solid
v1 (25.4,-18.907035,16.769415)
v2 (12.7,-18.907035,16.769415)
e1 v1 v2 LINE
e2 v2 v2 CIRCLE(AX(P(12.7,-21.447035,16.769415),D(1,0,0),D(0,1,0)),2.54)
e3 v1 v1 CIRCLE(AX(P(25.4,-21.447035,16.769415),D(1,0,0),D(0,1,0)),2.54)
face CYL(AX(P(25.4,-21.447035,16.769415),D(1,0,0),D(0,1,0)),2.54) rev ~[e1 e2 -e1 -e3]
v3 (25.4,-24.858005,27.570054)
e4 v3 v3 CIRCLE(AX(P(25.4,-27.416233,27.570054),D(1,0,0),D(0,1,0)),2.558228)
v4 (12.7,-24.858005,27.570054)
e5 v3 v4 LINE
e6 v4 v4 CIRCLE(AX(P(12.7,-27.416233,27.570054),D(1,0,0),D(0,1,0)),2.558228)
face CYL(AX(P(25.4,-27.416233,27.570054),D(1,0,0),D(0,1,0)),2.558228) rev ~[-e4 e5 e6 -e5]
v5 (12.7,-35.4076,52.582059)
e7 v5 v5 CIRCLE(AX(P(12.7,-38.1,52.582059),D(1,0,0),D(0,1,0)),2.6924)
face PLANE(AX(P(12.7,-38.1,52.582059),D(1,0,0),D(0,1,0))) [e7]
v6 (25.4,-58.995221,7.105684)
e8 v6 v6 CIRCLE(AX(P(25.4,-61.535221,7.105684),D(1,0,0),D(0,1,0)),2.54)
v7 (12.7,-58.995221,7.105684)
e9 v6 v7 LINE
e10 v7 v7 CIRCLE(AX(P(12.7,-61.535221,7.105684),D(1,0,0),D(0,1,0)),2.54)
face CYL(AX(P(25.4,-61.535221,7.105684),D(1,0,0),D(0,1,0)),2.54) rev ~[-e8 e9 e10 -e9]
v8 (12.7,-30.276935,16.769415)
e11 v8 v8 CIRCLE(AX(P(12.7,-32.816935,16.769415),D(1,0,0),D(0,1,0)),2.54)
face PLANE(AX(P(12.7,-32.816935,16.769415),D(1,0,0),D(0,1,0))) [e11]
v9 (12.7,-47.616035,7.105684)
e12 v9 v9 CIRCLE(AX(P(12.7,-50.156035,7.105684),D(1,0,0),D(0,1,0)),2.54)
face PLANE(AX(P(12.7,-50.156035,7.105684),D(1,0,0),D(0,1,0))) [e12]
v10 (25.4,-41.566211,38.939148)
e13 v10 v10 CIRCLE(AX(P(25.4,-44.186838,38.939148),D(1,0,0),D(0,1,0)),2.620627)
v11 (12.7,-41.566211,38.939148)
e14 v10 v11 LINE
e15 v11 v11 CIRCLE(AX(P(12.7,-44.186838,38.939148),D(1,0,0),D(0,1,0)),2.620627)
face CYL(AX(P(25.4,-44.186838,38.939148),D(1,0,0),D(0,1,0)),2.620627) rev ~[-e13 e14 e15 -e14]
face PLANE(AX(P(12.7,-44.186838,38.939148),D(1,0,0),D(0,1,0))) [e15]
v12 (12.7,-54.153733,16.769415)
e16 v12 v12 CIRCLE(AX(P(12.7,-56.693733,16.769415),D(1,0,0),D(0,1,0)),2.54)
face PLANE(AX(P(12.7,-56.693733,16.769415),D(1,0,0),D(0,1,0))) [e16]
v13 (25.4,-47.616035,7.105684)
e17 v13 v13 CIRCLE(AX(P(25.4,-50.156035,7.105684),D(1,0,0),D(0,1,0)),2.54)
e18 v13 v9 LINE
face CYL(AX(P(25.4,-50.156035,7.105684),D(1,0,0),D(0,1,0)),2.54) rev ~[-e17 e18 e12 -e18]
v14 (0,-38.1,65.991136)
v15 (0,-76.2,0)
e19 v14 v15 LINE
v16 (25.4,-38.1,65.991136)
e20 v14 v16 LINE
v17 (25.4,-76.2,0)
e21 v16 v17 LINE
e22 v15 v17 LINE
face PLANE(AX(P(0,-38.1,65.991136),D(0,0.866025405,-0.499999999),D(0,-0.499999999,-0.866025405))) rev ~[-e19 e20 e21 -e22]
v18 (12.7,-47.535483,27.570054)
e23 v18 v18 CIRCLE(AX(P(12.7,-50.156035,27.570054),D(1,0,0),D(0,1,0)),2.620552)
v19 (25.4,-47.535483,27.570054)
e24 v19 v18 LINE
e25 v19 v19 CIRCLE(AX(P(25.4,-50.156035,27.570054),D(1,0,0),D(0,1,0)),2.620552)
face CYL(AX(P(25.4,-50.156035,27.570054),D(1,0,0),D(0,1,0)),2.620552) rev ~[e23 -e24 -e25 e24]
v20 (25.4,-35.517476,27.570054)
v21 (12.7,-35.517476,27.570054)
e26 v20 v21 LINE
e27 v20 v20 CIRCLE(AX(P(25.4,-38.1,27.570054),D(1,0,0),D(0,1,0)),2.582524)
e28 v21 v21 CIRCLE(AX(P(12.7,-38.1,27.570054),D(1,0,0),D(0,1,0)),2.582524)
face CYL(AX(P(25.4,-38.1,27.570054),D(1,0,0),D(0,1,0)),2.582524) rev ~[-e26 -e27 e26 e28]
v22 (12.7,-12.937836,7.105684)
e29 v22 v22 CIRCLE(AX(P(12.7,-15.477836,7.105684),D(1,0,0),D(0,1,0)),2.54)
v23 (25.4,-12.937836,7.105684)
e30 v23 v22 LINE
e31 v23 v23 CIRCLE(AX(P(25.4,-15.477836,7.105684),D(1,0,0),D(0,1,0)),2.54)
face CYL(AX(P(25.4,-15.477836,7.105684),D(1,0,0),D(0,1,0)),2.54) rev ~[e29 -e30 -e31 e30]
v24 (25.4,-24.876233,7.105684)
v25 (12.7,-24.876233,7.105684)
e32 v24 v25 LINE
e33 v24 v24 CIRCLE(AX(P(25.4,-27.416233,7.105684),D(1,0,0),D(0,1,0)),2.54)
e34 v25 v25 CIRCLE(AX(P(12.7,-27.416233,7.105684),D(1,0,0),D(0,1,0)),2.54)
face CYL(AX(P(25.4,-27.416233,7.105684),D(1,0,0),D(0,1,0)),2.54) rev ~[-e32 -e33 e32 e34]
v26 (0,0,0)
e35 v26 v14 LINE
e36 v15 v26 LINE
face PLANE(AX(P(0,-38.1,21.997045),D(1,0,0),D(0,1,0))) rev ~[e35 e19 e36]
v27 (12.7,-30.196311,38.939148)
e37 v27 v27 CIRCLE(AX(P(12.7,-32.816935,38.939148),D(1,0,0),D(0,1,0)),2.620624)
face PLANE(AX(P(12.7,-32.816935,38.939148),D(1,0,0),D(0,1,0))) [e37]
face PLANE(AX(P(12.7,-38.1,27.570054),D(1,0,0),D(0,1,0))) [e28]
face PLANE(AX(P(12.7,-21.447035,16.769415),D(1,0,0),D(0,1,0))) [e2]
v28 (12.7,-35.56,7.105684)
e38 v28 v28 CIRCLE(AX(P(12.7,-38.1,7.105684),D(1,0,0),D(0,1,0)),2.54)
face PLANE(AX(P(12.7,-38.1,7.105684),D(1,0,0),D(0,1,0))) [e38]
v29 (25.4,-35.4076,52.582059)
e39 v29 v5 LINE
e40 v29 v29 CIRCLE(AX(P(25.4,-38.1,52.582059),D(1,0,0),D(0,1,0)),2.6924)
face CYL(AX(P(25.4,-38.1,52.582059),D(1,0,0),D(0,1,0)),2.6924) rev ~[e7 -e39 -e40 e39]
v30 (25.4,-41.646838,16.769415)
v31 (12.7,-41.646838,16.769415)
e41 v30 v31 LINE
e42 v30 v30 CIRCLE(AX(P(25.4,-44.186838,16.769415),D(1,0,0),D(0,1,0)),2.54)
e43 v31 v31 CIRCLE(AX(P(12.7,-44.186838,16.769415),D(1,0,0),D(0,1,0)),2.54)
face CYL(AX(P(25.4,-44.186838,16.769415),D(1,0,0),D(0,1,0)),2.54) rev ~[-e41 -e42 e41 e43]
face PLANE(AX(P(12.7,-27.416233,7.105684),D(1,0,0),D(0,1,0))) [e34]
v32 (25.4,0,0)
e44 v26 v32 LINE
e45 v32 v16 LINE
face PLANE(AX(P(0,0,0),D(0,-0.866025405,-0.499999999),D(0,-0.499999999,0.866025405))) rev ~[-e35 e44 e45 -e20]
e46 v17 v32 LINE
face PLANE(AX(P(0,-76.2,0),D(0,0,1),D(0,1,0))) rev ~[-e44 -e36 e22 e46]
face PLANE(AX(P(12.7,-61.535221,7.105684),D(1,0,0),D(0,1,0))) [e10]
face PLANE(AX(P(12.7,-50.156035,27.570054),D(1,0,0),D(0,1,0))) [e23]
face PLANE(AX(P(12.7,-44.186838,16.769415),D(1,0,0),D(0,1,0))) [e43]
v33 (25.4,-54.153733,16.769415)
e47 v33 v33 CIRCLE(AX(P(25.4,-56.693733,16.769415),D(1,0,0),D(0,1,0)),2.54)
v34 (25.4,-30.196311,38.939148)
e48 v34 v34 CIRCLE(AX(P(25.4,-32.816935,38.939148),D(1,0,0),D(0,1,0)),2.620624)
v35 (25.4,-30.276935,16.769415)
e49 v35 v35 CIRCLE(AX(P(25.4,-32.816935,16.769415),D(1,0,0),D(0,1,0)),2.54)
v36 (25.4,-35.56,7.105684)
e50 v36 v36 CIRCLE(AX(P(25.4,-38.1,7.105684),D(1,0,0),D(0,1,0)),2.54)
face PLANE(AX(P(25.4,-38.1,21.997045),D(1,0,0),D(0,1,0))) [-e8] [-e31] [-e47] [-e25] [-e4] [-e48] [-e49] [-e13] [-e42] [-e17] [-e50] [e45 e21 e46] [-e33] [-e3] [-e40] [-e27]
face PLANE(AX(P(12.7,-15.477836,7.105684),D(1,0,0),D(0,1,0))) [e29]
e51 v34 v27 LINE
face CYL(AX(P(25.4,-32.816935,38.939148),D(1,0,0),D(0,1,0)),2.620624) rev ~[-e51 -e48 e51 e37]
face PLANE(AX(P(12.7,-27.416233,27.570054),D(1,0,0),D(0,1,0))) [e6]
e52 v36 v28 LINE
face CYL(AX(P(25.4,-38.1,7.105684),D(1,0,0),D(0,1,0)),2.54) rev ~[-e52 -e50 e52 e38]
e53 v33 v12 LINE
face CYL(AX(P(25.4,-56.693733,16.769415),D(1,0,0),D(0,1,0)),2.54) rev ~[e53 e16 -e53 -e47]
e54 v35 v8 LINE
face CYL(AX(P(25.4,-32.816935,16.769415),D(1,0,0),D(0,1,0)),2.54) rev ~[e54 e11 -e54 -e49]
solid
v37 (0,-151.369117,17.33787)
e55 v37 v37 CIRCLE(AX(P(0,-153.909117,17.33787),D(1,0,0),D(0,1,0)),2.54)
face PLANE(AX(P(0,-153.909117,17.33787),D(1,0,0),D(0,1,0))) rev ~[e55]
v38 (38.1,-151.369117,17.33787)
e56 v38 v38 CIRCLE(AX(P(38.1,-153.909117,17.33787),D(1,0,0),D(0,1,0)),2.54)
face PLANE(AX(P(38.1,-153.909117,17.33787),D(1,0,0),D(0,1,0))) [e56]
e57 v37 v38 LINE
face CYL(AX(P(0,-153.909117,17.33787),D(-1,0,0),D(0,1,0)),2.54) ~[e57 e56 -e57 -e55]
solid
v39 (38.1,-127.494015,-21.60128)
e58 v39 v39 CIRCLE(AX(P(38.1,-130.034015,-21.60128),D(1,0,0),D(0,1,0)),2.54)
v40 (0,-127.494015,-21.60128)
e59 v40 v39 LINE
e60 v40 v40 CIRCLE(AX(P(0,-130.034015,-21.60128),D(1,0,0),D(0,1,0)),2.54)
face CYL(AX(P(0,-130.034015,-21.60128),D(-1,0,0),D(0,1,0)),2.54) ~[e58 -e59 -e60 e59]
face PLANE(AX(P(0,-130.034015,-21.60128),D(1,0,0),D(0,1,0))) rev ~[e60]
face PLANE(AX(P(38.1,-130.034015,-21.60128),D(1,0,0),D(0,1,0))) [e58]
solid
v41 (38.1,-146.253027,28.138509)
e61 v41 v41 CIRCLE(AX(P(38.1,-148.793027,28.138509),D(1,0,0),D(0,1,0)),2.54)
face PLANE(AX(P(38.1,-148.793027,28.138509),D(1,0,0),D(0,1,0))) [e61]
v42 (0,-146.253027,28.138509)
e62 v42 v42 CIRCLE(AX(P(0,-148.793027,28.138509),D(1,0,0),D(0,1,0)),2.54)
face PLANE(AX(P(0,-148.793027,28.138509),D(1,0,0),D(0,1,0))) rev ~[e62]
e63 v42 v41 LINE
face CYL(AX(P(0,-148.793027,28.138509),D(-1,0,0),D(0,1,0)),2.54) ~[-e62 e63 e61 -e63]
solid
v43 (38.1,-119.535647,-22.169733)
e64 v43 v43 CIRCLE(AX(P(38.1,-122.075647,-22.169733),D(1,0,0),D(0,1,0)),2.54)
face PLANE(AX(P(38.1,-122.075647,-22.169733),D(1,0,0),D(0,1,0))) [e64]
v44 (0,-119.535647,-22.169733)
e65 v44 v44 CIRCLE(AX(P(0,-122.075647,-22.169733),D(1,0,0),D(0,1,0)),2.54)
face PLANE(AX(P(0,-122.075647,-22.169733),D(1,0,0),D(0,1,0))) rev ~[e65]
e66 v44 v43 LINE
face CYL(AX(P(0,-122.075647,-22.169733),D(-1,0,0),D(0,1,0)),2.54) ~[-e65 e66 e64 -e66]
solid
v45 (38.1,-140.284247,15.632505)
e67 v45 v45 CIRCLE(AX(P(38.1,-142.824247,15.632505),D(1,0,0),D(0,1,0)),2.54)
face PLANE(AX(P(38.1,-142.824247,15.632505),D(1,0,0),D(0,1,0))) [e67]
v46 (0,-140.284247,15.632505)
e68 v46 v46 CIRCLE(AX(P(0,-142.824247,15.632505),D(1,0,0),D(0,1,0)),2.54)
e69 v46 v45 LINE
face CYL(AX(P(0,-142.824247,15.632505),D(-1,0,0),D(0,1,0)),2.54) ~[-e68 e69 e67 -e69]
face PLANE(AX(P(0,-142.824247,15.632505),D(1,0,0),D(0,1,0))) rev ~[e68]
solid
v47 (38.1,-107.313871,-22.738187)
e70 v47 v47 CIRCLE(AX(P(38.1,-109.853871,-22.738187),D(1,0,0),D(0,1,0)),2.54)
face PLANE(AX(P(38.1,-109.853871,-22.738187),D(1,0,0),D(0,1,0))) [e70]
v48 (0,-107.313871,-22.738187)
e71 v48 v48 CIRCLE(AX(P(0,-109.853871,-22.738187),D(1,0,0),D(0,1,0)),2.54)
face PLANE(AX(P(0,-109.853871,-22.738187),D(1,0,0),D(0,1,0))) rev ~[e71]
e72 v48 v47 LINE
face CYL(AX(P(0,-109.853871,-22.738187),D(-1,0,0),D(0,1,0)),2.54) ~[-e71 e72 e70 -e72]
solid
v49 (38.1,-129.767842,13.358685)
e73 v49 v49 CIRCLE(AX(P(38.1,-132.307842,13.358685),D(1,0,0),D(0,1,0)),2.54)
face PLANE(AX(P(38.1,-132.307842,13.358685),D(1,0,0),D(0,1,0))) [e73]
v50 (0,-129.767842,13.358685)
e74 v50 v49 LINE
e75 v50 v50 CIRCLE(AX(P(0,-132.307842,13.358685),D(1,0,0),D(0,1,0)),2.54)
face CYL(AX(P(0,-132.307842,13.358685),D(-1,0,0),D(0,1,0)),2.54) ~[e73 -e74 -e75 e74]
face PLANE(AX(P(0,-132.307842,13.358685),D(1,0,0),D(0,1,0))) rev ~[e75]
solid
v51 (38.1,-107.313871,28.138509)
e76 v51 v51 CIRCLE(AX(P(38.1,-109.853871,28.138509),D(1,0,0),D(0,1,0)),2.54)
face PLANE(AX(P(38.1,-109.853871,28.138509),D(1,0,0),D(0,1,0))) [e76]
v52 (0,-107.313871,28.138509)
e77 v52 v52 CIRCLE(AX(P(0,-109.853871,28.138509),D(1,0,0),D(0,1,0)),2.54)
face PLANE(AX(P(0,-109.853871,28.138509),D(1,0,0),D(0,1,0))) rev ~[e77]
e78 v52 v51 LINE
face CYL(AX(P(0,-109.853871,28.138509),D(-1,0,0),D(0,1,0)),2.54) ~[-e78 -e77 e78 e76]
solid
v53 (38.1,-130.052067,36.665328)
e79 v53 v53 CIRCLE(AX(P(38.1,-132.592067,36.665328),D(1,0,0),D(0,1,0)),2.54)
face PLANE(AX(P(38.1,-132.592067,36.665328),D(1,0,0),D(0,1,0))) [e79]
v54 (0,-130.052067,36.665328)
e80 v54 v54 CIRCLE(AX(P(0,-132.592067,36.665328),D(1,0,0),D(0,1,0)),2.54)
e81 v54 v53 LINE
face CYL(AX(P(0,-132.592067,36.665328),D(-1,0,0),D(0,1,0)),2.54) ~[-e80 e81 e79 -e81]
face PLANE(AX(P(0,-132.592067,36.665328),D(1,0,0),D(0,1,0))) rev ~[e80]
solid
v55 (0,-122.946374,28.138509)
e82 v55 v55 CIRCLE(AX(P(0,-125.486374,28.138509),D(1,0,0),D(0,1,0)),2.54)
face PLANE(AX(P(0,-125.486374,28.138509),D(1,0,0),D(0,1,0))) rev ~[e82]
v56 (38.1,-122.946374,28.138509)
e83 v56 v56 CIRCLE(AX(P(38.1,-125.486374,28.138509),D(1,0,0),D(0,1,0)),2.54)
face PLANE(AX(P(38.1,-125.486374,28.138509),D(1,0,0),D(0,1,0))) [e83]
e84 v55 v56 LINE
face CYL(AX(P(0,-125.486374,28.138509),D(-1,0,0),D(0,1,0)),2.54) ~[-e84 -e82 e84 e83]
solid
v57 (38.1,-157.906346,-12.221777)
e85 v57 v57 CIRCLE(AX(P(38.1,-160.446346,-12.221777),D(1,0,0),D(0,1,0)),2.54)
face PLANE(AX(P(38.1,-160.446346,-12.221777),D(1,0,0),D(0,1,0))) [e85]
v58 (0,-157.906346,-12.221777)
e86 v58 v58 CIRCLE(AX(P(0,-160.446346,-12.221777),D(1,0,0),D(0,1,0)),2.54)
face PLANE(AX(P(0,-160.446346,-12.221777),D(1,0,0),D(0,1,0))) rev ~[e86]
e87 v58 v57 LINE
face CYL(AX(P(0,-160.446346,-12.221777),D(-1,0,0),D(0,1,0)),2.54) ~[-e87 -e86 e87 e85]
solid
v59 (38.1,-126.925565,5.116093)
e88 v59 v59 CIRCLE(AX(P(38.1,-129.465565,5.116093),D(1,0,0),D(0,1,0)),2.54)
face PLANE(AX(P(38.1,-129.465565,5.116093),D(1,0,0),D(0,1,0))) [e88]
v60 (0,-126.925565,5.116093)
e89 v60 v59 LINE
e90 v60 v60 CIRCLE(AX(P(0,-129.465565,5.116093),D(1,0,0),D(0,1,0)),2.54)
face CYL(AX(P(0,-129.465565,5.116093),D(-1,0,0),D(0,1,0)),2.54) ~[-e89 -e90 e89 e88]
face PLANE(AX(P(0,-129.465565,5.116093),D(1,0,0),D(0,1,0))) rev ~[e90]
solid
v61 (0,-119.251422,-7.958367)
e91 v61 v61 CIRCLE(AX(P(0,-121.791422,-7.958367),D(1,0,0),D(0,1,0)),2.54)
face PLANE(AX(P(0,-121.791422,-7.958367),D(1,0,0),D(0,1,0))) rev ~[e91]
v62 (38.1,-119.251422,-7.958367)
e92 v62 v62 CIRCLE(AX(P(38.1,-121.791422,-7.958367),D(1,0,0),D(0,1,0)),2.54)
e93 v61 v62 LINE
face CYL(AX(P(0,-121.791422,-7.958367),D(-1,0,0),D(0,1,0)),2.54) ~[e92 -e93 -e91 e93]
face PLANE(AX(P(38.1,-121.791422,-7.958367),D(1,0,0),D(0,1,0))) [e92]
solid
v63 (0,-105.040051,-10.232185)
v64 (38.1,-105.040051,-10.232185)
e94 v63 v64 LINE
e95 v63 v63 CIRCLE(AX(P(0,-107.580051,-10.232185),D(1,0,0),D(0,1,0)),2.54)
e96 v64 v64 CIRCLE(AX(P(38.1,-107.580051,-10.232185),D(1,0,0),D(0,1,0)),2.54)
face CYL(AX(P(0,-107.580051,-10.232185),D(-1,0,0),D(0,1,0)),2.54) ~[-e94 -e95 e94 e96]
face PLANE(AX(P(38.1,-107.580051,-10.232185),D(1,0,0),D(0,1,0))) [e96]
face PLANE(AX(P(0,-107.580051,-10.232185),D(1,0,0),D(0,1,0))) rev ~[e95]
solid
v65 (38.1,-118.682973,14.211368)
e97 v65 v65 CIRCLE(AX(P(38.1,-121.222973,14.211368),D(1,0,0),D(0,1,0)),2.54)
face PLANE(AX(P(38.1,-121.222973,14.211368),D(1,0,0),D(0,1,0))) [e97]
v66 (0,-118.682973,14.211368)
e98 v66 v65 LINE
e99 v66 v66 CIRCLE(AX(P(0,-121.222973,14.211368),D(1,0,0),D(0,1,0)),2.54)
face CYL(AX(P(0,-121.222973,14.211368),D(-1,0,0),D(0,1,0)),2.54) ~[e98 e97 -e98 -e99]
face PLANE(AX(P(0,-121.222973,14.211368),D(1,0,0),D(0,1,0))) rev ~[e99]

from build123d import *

# Parameters (mm, degrees)
F1_DEPTH = 25.4
F2_R     = 2.54
F2_R_2   = 2.620552
F2_R_3   = 2.582524
F2_R_4   = 2.558228
F2_R_5   = 2.620627
F2_R_6   = 2.620624
F2_R_7   = 2.6924
F3_DEPTH = 12.7
F4_R     = 2.54
F5_DEPTH = 38.1


with BuildPart() as f1:
    # F0 (on Right) → F1 (new body)
    with BuildSketch(Plane.YZ):
        Polygon((-38.1, 65.991136), (-76.2, 0), (0, 0), align=None)
    extrude(amount=F1_DEPTH)

    # F2 (on face) → F3 (cut)
    with BuildSketch(Plane.YZ.offset(25.4)):
        with Locations((-61.535221, 7.105684)):
            Circle(F2_R)
        with Locations((-50.156035, 7.105684)):
            Circle(F2_R)
        with Locations((-38.1, 7.105684)):
            Circle(F2_R)
        with Locations((-27.416233, 7.105684)):
            Circle(F2_R)
        with Locations((-15.477836, 7.105684)):
            Circle(F2_R)
        with Locations((-56.693733, 16.769415)):
            Circle(F2_R)
        with Locations((-44.186838, 16.769415)):
            Circle(F2_R)
        with Locations((-32.816935, 16.769415)):
            Circle(F2_R)
        with Locations((-21.447035, 16.769415)):
            Circle(F2_R)
        with Locations((-50.156035, 27.570054)):
            Circle(F2_R_2)
        with Locations((-38.1, 27.570054)):
            Circle(F2_R_3)
        with Locations((-27.416233, 27.570054)):
            Circle(F2_R_4)
        with Locations((-44.186838, 38.939148)):
            Circle(F2_R_5)
        with Locations((-32.816935, 38.939148)):
            Circle(F2_R_6)
        with Locations((-38.1, 52.582059)):
            Circle(F2_R_7)
    extrude(amount=-F3_DEPTH, mode=Mode.SUBTRACT)


with BuildPart() as f5:
    # F4 (on Right) → F5 (new body)
    with BuildSketch(Plane.YZ):
        with Locations((-130.034015, -21.60128)):
            Circle(F4_R)
        with Locations((-122.075647, -22.169733)):
            Circle(F4_R)
        with Locations((-109.853871, -22.738187)):
            Circle(F4_R)
        with Locations((-121.791422, -7.958367)):
            Circle(F4_R)
        with Locations((-160.446346, -12.221777)):
            Circle(F4_R)
        with Locations((-107.580051, -10.232185)):
            Circle(F4_R)
        with Locations((-129.465565, 5.116093)):
            Circle(F4_R)
        with Locations((-153.909117, 17.33787)):
            Circle(F4_R)
        with Locations((-142.824247, 15.632505)):
            Circle(F4_R)
        with Locations((-132.307842, 13.358685)):
            Circle(F4_R)
        with Locations((-121.222973, 14.211368)):
            Circle(F4_R)
        with Locations((-148.793027, 28.138509)):
            Circle(F4_R)
        with Locations((-132.592067, 36.665328)):
            Circle(F4_R)
        with Locations((-125.486374, 28.138509)):
            Circle(F4_R)
        with Locations((-109.853871, 28.138509)):
            Circle(F4_R)
    extrude(amount=F5_DEPTH)


solid = Compound([f1.part, f5.part])
